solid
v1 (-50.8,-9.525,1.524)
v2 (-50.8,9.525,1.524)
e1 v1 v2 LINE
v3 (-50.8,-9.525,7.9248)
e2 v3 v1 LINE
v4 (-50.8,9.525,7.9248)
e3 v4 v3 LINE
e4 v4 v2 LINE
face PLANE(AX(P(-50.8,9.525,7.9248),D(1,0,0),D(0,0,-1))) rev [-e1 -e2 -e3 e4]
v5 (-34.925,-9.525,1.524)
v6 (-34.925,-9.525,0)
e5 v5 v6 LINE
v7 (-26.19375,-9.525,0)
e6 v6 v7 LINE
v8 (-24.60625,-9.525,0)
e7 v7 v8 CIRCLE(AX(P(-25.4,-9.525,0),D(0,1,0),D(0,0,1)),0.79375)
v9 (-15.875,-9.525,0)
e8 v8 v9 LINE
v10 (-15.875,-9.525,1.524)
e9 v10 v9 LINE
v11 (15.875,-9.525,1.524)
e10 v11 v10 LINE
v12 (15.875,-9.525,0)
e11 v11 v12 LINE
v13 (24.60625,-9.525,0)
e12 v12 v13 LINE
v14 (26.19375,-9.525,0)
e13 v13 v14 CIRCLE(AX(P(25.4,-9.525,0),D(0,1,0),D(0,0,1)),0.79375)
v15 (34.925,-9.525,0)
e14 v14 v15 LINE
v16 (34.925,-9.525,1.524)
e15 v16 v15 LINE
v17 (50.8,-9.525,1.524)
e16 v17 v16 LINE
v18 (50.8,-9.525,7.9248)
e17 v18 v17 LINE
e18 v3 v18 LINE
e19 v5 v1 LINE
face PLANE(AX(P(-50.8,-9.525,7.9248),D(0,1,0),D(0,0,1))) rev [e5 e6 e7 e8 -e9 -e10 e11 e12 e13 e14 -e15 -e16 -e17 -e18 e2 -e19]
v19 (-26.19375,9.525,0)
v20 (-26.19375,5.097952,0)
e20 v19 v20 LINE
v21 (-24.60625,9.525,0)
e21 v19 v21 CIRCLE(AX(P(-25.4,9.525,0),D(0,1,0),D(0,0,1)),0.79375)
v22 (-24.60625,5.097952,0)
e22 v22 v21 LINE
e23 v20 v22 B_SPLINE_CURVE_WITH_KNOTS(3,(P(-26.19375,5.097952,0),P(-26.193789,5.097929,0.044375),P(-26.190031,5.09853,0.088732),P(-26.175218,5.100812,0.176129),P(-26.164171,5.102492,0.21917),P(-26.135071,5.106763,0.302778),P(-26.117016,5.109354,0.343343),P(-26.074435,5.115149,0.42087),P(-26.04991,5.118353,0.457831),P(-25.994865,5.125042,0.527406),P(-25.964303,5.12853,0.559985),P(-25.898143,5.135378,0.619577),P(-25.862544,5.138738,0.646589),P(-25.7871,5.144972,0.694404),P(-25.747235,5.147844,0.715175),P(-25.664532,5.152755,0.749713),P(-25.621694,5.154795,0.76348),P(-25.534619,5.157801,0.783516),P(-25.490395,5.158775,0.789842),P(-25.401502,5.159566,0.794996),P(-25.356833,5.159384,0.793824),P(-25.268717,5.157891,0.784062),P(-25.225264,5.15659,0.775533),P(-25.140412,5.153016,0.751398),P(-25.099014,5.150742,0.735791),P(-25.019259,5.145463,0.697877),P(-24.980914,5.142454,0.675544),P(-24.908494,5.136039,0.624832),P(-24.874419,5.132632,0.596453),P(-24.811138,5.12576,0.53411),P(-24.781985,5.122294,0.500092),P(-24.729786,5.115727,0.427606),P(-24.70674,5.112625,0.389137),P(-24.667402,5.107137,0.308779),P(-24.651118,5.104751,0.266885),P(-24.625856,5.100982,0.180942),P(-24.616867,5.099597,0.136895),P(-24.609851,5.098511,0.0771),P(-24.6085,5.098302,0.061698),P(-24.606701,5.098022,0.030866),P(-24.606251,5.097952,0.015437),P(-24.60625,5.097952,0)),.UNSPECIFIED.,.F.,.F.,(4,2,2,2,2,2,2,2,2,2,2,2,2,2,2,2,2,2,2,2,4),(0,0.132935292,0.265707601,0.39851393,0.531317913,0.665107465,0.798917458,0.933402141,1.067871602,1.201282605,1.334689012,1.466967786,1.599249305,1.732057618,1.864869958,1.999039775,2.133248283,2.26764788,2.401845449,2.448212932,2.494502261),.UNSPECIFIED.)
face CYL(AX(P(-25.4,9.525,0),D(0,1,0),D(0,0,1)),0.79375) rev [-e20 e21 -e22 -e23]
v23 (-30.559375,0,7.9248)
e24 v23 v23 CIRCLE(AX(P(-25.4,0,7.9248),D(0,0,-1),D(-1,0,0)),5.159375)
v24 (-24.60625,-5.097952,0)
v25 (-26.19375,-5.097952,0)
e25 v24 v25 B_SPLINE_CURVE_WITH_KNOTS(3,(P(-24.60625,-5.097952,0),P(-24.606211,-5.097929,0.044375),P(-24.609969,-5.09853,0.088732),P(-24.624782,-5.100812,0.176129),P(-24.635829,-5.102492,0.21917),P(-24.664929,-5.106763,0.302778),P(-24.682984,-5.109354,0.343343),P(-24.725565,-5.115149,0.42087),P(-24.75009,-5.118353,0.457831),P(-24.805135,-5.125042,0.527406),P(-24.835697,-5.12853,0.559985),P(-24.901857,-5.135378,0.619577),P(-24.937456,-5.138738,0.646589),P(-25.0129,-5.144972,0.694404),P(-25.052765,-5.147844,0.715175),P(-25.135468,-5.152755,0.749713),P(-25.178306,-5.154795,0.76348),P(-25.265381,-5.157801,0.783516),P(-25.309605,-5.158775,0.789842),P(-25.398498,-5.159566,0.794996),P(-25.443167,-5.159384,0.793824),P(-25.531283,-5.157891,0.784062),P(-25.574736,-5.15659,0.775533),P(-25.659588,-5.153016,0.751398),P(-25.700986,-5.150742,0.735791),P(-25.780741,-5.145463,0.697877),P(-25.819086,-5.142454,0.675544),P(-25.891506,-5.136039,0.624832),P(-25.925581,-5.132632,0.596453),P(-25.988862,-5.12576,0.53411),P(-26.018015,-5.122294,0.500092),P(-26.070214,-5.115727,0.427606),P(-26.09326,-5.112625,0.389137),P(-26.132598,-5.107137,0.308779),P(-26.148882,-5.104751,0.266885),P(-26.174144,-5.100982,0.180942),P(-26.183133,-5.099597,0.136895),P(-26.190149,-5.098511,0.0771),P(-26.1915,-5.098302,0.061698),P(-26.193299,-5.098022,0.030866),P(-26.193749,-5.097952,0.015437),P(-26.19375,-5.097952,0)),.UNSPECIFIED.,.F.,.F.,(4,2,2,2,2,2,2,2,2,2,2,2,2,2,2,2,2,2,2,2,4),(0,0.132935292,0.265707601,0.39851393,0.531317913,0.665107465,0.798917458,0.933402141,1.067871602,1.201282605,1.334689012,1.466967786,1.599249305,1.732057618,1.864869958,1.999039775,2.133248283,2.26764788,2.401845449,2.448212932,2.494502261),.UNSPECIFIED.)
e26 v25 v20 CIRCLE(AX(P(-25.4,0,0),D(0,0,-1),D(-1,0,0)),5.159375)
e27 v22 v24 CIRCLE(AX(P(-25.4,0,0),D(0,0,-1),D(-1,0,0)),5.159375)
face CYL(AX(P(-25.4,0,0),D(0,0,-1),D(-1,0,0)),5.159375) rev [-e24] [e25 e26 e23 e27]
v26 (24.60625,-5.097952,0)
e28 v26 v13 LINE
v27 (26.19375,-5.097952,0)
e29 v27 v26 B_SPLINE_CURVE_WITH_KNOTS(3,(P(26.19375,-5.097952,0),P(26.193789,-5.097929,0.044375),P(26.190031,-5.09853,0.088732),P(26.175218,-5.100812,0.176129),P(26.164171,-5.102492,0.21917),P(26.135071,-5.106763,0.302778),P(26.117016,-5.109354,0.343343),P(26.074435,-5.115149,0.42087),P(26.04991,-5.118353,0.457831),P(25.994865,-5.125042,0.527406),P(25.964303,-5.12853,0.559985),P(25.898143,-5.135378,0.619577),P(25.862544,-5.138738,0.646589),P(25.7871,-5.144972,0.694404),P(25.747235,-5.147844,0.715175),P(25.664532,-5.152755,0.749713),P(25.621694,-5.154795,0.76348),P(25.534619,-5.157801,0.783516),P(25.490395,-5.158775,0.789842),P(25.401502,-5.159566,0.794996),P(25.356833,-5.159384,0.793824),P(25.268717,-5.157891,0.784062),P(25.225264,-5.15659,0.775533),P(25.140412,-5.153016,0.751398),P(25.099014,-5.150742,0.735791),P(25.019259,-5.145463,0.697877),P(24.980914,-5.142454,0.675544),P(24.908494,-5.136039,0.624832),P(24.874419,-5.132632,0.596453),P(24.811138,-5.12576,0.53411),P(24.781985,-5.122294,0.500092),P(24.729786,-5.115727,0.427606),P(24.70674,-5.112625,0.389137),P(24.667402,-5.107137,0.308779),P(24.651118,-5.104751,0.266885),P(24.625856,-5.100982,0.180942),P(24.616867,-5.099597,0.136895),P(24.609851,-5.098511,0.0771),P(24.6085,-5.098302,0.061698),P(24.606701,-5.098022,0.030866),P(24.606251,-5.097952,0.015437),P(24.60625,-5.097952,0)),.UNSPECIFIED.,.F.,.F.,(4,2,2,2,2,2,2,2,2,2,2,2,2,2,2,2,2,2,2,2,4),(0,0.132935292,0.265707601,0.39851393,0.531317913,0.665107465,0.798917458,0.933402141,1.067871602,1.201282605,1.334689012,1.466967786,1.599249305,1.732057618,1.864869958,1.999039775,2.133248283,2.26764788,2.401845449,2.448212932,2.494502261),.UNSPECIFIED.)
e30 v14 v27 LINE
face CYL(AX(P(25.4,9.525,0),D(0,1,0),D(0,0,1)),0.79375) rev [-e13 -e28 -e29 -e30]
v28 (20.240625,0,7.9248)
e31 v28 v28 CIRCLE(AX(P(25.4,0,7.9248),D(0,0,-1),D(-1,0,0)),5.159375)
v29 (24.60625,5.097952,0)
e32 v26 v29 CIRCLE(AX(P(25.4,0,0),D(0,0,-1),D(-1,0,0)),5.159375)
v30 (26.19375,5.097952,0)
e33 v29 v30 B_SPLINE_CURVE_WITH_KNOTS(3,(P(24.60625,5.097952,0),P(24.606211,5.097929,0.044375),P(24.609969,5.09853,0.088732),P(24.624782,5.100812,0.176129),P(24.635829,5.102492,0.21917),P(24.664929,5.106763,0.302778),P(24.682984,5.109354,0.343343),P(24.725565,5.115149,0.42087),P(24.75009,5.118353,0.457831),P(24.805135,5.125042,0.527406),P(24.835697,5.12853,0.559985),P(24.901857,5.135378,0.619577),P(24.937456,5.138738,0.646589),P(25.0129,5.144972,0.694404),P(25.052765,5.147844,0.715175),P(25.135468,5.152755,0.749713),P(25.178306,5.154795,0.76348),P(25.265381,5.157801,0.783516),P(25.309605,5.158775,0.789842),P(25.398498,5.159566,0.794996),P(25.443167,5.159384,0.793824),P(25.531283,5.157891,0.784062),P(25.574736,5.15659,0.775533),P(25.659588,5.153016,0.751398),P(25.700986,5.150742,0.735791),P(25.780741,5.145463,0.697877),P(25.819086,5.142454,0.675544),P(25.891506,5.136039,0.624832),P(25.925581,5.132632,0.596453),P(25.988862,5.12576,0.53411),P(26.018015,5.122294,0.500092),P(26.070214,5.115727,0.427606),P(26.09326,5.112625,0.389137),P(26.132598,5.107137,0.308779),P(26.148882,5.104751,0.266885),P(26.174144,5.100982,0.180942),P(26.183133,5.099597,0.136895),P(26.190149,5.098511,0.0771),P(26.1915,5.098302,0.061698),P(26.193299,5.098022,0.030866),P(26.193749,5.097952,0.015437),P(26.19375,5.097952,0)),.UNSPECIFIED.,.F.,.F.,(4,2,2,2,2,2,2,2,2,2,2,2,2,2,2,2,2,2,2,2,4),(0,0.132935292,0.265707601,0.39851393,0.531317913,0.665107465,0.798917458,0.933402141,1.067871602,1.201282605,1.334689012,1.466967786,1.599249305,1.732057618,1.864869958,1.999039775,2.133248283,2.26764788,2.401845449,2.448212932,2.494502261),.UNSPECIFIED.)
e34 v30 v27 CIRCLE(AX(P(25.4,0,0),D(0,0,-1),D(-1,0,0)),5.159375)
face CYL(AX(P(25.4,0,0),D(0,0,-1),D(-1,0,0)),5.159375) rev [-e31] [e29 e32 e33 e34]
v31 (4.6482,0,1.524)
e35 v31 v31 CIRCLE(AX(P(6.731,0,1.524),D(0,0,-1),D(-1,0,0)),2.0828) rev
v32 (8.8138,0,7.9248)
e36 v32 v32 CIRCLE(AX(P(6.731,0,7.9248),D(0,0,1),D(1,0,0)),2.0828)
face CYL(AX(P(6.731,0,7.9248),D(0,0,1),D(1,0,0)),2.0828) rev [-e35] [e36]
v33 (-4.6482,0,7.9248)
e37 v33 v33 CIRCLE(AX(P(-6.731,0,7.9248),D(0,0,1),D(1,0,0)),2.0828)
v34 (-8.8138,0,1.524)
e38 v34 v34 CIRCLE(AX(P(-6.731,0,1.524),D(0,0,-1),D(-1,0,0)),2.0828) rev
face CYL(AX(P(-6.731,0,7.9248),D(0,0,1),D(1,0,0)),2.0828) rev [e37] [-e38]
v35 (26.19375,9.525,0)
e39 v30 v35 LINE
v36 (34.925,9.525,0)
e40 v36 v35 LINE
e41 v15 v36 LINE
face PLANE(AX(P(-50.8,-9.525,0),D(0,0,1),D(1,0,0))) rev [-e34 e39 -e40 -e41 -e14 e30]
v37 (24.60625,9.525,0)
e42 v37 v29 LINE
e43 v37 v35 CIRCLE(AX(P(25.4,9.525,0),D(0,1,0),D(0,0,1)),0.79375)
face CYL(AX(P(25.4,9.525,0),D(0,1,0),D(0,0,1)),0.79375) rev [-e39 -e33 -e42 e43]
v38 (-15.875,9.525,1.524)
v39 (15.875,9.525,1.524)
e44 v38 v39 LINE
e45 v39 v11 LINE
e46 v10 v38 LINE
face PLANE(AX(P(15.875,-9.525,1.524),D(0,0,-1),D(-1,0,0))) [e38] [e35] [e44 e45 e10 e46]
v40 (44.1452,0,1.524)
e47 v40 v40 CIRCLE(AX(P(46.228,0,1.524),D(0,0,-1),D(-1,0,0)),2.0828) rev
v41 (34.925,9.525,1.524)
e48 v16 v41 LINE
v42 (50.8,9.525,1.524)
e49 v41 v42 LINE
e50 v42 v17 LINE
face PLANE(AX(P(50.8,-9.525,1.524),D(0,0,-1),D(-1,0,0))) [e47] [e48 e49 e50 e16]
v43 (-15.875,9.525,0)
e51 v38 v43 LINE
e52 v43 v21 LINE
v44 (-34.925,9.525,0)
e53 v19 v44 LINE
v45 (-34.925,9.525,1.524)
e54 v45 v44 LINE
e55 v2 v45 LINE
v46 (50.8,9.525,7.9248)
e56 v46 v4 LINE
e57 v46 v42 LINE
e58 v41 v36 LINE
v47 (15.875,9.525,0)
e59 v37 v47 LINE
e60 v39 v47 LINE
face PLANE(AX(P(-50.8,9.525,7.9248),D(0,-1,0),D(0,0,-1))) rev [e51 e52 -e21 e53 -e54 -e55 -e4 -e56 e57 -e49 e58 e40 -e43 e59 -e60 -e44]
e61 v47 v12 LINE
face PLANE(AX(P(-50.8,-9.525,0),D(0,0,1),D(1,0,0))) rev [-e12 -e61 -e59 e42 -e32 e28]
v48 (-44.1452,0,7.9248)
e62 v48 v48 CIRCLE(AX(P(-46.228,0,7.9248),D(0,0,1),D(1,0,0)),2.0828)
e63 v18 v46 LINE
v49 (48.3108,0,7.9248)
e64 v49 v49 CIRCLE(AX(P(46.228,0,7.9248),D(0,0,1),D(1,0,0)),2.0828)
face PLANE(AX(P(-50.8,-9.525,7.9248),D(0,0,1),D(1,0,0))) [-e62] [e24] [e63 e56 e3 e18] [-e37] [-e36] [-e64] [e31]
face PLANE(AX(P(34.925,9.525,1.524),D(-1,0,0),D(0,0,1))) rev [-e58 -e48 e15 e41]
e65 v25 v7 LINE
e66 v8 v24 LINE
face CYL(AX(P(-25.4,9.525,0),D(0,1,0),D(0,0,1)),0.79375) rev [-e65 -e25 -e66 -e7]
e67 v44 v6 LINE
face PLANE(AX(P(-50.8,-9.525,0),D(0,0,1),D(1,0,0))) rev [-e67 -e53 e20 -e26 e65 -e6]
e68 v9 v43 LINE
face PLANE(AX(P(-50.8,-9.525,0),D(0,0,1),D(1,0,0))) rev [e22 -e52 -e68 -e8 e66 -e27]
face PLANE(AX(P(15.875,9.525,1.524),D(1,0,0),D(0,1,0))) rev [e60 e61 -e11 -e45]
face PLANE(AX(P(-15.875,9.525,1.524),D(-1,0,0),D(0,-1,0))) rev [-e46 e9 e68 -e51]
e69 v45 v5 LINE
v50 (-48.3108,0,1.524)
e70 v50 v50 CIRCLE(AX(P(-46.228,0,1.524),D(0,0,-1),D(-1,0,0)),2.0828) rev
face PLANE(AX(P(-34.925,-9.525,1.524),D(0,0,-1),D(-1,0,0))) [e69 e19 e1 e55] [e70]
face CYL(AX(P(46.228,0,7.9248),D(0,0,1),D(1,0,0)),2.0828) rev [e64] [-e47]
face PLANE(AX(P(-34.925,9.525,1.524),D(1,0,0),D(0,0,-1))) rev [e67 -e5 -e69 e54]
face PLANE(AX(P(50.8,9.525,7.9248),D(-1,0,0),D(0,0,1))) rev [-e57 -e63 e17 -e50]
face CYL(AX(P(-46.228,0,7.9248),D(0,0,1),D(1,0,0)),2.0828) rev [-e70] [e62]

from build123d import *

# Parameters (mm, degrees)
SKETCH1_W                        = 101.6
SKETCH1_H                        = 19.05
EXTRUDE1_DEPTH                   = 7.9248
F_13_32_0_40625_DIAMETER_HOLE1_D = 10.31875
F_8_32_TAPPED_HOLE1_D            = 4.1656
SKETCH9_W                        = 31.75
SKETCH9_H                        = 19.05
SKETCH9_W_2                      = 15.875
EXTRUDE3_DEPTH                   = 1.524
F_1_16_0_0625_DIAMETER_HOLE1_D   = 1.5875


with BuildPart() as part:
    # Sketch1 → Extrude1 (new body)
    with BuildSketch(Plane.XY):
        Rectangle(SKETCH1_W, SKETCH1_H)
    extrude(amount=EXTRUDE1_DEPTH)

    # 13/32 (0.40625) Diameter Hole1 (through all)
    with Locations(Plane(origin=(0, 0, 0), x_dir=(-1, 0, 0), z_dir=(0, 0, -1))):
        with Locations((25.4, 0), (-25.4, 0)):
            Hole(F_13_32_0_40625_DIAMETER_HOLE1_D / 2)

    # #8-32 Tapped Hole1 (through all)
    with Locations(Plane.XY.offset(7.9248)):
        with Locations((-46.228, 0), (-6.731, 0), (6.731, 0), (46.228, 0)):
            Hole(F_8_32_TAPPED_HOLE1_D / 2)

    # Sketch9 → Extrude3 (cut)
    with BuildSketch(Plane(origin=(0, 0, 0), x_dir=(-1, 0, 0), z_dir=(0, 0, -1))):
        Rectangle(SKETCH9_W, SKETCH9_H)
        with Locations((-42.8625, 0)):
            Rectangle(SKETCH9_W_2, SKETCH9_H)
        with Locations((42.8625, 0)):
            Rectangle(SKETCH9_W_2, SKETCH9_H)
    extrude(amount=-EXTRUDE3_DEPTH, mode=Mode.SUBTRACT)

    # 1/16 (0.0625) Diameter Hole1 (through all)
    with Locations(Plane(origin=(0, 9.525, 0), x_dir=(-1, 0, 0), z_dir=(0, 1, 0))):
        with Locations((-25.4, 0), (25.4, 0)):
            Hole(F_1_16_0_0625_DIAMETER_HOLE1_D / 2)


solid = part.part
